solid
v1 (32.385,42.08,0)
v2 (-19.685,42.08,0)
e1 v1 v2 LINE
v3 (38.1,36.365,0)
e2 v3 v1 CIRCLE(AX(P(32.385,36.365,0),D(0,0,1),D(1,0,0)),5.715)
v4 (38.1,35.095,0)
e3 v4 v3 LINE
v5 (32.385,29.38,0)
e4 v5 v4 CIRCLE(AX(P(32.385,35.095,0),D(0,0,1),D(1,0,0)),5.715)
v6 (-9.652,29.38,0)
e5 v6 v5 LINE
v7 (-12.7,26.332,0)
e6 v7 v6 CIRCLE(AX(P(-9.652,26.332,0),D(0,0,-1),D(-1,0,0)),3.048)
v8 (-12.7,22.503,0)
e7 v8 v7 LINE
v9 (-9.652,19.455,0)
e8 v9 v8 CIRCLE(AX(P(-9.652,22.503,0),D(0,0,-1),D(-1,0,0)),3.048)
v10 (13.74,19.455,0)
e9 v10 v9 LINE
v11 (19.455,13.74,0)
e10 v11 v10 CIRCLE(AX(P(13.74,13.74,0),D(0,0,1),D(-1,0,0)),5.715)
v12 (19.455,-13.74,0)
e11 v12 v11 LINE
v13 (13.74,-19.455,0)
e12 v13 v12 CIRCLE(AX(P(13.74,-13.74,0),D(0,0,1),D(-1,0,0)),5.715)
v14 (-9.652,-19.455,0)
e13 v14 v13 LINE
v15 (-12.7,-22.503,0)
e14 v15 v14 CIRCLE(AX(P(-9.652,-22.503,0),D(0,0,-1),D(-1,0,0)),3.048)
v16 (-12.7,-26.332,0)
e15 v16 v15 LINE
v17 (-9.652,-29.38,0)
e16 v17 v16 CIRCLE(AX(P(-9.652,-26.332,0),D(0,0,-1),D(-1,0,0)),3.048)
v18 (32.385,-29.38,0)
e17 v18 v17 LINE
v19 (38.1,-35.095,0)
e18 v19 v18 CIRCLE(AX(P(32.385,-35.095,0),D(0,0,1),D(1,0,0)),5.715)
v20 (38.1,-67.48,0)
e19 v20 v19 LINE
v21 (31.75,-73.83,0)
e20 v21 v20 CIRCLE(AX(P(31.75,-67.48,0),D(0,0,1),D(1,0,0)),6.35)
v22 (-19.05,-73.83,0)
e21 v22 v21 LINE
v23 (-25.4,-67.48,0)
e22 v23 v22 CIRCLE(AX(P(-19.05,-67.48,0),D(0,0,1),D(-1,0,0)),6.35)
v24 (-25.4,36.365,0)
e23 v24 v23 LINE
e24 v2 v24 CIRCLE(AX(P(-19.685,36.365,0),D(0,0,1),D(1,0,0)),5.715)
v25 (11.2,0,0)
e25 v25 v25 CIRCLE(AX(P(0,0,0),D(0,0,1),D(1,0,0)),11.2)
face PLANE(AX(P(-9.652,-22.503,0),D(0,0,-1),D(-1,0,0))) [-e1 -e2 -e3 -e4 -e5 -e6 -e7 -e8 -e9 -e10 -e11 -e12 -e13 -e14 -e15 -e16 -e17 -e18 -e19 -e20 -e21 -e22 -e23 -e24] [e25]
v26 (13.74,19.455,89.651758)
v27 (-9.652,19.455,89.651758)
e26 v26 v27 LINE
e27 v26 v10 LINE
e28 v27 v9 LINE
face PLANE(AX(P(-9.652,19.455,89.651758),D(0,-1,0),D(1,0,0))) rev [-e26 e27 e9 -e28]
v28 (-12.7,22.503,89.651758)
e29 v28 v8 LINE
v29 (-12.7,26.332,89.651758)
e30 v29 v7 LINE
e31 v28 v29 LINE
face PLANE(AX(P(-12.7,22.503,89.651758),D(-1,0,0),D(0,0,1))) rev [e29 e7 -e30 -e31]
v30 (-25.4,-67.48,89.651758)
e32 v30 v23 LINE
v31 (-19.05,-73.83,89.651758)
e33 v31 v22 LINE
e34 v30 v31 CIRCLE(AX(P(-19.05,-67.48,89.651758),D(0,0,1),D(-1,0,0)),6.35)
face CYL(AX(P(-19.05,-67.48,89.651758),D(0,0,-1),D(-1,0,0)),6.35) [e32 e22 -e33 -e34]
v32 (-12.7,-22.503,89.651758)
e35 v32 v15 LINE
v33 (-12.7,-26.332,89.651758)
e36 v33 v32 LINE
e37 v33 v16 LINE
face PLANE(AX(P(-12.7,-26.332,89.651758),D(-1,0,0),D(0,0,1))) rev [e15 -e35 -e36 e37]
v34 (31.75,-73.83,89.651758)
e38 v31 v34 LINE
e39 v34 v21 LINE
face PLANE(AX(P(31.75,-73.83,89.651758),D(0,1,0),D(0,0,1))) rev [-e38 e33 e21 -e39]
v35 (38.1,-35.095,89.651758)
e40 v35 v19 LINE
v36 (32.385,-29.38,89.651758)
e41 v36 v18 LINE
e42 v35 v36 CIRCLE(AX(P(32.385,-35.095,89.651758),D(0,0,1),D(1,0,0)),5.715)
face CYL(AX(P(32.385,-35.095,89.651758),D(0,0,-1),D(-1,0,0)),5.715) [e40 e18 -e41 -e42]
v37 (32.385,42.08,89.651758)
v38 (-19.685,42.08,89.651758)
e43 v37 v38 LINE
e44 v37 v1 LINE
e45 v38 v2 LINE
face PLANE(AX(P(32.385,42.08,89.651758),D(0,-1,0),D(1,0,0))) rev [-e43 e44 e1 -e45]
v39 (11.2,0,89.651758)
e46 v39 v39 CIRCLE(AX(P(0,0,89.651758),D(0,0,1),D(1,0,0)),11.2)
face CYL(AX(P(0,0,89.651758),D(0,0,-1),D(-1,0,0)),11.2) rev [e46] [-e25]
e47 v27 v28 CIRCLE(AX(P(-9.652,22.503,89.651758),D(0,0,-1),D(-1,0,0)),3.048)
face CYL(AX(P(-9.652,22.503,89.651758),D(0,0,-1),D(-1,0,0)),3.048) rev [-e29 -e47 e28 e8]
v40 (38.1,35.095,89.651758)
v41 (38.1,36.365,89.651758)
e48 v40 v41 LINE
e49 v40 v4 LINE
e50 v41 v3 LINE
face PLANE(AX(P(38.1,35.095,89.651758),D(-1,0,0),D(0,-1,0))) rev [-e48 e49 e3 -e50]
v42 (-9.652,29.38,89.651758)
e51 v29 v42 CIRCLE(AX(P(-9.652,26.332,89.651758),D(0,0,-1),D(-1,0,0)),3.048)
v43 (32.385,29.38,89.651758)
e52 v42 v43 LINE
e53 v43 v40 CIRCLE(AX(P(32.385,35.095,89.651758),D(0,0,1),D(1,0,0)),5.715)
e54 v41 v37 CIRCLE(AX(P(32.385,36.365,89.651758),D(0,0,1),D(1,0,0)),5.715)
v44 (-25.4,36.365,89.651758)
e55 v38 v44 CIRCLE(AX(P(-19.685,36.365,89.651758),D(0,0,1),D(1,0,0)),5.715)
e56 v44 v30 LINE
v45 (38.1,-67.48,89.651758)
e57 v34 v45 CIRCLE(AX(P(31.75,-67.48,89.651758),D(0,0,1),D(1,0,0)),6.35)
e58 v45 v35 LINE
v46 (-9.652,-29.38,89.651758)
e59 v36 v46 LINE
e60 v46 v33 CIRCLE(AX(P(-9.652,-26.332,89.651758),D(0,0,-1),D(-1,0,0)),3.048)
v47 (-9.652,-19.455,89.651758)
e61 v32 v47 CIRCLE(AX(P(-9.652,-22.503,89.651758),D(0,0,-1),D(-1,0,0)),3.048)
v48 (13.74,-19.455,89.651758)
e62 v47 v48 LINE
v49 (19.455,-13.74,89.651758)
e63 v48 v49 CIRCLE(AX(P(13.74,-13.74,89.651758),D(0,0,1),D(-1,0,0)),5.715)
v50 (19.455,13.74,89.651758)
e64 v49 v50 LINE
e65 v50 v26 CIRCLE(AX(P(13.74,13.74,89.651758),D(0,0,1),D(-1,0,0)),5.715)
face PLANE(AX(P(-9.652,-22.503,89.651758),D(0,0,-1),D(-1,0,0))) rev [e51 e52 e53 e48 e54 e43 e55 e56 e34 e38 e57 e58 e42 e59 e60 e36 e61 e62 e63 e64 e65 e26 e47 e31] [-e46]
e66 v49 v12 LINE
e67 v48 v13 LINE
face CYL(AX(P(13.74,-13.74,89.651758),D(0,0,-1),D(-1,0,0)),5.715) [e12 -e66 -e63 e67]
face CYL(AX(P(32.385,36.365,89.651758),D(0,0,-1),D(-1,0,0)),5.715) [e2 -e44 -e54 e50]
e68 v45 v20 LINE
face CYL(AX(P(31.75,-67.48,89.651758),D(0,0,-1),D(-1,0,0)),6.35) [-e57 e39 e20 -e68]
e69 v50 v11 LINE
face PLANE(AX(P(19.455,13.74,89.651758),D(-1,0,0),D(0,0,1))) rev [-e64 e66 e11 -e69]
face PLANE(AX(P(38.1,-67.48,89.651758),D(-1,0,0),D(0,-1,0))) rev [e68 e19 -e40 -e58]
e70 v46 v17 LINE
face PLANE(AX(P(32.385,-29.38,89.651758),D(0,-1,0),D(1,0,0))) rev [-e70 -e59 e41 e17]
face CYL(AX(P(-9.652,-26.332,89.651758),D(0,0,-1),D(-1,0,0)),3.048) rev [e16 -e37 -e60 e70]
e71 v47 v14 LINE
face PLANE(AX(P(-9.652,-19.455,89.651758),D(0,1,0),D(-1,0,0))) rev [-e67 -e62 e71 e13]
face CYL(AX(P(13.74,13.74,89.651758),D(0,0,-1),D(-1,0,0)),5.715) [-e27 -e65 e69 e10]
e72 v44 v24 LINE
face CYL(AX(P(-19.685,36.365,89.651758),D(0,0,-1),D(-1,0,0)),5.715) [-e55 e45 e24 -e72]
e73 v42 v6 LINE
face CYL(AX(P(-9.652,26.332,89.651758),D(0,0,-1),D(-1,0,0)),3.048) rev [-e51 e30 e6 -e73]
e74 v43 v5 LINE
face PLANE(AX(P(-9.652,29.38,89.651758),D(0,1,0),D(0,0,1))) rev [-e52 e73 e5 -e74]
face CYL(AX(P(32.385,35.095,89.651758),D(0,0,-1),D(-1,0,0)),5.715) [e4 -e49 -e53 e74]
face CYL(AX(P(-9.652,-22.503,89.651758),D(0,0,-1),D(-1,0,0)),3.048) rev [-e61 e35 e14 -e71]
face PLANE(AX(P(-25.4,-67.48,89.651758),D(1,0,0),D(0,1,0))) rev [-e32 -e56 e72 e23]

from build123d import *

# Parameters (mm, degrees)
SKETCH1_R           = 11.2
BOSS_EXTRUDE1_DEPTH = 89.651758212


with BuildPart() as part:
    # Sketch1 → Boss-Extrude1 (new body)
    with BuildSketch(Plane.XY):
        with BuildLine():
            Line((-25.4, -67.479999962), (-25.4, 36.365))
            ThreePointArc((-25.4, 36.365), (-23.726115254, 40.406115254), (-19.685, 42.08))
            Line((-19.685, 42.08), (32.385, 42.08))
            ThreePointArc((32.385, 42.08), (36.426115254, 40.406115254), (38.1, 36.365))
            Line((38.1, 36.365), (38.1, 35.095))
            ThreePointArc((38.1, 35.095), (36.426115254, 31.053884746), (32.385, 29.38))
            Line((32.385, 29.38), (-9.652, 29.38))
            ThreePointArc((-9.652, 29.38), (-11.807261469, 28.487261469), (-12.7, 26.332))
            Line((-12.7, 26.332), (-12.7, 22.503))
            ThreePointArc((-12.7, 22.503), (-11.807261469, 20.347738531), (-9.652, 19.455))
            Line((-9.652, 19.455), (0, 19.455))
            Line((0, 19.455), (13.74, 19.455))
            ThreePointArc((13.74, 19.455), (17.781115254, 17.781115254), (19.455, 13.74))
            Line((19.455, 13.74), (19.455, 0))
            Line((19.455, 0), (19.455, -13.74))
            ThreePointArc((19.455, -13.74), (17.781115254, -17.781115254), (13.74, -19.455))
            Line((13.74, -19.455), (0, -19.455))
            Line((0, -19.455), (-9.652, -19.455))
            ThreePointArc((-9.652, -19.455), (-11.807261469, -20.347738531), (-12.7, -22.503))
            Line((-12.7, -22.503), (-12.7, -26.331999962))
            ThreePointArc((-12.7, -26.331999962), (-11.807261469, -28.487261431), (-9.652, -29.379999962))
            Line((-9.652, -29.379999962), (32.385, -29.379999962))
            ThreePointArc((32.385, -29.379999962), (36.426115254, -31.053884708), (38.1, -35.094999962))
            Line((38.1, -35.094999962), (38.1, -67.479999962))
            ThreePointArc((38.1, -67.479999962), (36.240128061, -71.970128023), (31.75, -73.829999962))
            Line((31.75, -73.829999962), (-19.05, -73.829999962))
            ThreePointArc((-19.05, -73.829999962), (-23.540128061, -71.970128023), (-25.4, -67.479999962))
        make_face()
        Circle(SKETCH1_R, mode=Mode.SUBTRACT)
    extrude(amount=BOSS_EXTRUDE1_DEPTH)


solid = part.part
